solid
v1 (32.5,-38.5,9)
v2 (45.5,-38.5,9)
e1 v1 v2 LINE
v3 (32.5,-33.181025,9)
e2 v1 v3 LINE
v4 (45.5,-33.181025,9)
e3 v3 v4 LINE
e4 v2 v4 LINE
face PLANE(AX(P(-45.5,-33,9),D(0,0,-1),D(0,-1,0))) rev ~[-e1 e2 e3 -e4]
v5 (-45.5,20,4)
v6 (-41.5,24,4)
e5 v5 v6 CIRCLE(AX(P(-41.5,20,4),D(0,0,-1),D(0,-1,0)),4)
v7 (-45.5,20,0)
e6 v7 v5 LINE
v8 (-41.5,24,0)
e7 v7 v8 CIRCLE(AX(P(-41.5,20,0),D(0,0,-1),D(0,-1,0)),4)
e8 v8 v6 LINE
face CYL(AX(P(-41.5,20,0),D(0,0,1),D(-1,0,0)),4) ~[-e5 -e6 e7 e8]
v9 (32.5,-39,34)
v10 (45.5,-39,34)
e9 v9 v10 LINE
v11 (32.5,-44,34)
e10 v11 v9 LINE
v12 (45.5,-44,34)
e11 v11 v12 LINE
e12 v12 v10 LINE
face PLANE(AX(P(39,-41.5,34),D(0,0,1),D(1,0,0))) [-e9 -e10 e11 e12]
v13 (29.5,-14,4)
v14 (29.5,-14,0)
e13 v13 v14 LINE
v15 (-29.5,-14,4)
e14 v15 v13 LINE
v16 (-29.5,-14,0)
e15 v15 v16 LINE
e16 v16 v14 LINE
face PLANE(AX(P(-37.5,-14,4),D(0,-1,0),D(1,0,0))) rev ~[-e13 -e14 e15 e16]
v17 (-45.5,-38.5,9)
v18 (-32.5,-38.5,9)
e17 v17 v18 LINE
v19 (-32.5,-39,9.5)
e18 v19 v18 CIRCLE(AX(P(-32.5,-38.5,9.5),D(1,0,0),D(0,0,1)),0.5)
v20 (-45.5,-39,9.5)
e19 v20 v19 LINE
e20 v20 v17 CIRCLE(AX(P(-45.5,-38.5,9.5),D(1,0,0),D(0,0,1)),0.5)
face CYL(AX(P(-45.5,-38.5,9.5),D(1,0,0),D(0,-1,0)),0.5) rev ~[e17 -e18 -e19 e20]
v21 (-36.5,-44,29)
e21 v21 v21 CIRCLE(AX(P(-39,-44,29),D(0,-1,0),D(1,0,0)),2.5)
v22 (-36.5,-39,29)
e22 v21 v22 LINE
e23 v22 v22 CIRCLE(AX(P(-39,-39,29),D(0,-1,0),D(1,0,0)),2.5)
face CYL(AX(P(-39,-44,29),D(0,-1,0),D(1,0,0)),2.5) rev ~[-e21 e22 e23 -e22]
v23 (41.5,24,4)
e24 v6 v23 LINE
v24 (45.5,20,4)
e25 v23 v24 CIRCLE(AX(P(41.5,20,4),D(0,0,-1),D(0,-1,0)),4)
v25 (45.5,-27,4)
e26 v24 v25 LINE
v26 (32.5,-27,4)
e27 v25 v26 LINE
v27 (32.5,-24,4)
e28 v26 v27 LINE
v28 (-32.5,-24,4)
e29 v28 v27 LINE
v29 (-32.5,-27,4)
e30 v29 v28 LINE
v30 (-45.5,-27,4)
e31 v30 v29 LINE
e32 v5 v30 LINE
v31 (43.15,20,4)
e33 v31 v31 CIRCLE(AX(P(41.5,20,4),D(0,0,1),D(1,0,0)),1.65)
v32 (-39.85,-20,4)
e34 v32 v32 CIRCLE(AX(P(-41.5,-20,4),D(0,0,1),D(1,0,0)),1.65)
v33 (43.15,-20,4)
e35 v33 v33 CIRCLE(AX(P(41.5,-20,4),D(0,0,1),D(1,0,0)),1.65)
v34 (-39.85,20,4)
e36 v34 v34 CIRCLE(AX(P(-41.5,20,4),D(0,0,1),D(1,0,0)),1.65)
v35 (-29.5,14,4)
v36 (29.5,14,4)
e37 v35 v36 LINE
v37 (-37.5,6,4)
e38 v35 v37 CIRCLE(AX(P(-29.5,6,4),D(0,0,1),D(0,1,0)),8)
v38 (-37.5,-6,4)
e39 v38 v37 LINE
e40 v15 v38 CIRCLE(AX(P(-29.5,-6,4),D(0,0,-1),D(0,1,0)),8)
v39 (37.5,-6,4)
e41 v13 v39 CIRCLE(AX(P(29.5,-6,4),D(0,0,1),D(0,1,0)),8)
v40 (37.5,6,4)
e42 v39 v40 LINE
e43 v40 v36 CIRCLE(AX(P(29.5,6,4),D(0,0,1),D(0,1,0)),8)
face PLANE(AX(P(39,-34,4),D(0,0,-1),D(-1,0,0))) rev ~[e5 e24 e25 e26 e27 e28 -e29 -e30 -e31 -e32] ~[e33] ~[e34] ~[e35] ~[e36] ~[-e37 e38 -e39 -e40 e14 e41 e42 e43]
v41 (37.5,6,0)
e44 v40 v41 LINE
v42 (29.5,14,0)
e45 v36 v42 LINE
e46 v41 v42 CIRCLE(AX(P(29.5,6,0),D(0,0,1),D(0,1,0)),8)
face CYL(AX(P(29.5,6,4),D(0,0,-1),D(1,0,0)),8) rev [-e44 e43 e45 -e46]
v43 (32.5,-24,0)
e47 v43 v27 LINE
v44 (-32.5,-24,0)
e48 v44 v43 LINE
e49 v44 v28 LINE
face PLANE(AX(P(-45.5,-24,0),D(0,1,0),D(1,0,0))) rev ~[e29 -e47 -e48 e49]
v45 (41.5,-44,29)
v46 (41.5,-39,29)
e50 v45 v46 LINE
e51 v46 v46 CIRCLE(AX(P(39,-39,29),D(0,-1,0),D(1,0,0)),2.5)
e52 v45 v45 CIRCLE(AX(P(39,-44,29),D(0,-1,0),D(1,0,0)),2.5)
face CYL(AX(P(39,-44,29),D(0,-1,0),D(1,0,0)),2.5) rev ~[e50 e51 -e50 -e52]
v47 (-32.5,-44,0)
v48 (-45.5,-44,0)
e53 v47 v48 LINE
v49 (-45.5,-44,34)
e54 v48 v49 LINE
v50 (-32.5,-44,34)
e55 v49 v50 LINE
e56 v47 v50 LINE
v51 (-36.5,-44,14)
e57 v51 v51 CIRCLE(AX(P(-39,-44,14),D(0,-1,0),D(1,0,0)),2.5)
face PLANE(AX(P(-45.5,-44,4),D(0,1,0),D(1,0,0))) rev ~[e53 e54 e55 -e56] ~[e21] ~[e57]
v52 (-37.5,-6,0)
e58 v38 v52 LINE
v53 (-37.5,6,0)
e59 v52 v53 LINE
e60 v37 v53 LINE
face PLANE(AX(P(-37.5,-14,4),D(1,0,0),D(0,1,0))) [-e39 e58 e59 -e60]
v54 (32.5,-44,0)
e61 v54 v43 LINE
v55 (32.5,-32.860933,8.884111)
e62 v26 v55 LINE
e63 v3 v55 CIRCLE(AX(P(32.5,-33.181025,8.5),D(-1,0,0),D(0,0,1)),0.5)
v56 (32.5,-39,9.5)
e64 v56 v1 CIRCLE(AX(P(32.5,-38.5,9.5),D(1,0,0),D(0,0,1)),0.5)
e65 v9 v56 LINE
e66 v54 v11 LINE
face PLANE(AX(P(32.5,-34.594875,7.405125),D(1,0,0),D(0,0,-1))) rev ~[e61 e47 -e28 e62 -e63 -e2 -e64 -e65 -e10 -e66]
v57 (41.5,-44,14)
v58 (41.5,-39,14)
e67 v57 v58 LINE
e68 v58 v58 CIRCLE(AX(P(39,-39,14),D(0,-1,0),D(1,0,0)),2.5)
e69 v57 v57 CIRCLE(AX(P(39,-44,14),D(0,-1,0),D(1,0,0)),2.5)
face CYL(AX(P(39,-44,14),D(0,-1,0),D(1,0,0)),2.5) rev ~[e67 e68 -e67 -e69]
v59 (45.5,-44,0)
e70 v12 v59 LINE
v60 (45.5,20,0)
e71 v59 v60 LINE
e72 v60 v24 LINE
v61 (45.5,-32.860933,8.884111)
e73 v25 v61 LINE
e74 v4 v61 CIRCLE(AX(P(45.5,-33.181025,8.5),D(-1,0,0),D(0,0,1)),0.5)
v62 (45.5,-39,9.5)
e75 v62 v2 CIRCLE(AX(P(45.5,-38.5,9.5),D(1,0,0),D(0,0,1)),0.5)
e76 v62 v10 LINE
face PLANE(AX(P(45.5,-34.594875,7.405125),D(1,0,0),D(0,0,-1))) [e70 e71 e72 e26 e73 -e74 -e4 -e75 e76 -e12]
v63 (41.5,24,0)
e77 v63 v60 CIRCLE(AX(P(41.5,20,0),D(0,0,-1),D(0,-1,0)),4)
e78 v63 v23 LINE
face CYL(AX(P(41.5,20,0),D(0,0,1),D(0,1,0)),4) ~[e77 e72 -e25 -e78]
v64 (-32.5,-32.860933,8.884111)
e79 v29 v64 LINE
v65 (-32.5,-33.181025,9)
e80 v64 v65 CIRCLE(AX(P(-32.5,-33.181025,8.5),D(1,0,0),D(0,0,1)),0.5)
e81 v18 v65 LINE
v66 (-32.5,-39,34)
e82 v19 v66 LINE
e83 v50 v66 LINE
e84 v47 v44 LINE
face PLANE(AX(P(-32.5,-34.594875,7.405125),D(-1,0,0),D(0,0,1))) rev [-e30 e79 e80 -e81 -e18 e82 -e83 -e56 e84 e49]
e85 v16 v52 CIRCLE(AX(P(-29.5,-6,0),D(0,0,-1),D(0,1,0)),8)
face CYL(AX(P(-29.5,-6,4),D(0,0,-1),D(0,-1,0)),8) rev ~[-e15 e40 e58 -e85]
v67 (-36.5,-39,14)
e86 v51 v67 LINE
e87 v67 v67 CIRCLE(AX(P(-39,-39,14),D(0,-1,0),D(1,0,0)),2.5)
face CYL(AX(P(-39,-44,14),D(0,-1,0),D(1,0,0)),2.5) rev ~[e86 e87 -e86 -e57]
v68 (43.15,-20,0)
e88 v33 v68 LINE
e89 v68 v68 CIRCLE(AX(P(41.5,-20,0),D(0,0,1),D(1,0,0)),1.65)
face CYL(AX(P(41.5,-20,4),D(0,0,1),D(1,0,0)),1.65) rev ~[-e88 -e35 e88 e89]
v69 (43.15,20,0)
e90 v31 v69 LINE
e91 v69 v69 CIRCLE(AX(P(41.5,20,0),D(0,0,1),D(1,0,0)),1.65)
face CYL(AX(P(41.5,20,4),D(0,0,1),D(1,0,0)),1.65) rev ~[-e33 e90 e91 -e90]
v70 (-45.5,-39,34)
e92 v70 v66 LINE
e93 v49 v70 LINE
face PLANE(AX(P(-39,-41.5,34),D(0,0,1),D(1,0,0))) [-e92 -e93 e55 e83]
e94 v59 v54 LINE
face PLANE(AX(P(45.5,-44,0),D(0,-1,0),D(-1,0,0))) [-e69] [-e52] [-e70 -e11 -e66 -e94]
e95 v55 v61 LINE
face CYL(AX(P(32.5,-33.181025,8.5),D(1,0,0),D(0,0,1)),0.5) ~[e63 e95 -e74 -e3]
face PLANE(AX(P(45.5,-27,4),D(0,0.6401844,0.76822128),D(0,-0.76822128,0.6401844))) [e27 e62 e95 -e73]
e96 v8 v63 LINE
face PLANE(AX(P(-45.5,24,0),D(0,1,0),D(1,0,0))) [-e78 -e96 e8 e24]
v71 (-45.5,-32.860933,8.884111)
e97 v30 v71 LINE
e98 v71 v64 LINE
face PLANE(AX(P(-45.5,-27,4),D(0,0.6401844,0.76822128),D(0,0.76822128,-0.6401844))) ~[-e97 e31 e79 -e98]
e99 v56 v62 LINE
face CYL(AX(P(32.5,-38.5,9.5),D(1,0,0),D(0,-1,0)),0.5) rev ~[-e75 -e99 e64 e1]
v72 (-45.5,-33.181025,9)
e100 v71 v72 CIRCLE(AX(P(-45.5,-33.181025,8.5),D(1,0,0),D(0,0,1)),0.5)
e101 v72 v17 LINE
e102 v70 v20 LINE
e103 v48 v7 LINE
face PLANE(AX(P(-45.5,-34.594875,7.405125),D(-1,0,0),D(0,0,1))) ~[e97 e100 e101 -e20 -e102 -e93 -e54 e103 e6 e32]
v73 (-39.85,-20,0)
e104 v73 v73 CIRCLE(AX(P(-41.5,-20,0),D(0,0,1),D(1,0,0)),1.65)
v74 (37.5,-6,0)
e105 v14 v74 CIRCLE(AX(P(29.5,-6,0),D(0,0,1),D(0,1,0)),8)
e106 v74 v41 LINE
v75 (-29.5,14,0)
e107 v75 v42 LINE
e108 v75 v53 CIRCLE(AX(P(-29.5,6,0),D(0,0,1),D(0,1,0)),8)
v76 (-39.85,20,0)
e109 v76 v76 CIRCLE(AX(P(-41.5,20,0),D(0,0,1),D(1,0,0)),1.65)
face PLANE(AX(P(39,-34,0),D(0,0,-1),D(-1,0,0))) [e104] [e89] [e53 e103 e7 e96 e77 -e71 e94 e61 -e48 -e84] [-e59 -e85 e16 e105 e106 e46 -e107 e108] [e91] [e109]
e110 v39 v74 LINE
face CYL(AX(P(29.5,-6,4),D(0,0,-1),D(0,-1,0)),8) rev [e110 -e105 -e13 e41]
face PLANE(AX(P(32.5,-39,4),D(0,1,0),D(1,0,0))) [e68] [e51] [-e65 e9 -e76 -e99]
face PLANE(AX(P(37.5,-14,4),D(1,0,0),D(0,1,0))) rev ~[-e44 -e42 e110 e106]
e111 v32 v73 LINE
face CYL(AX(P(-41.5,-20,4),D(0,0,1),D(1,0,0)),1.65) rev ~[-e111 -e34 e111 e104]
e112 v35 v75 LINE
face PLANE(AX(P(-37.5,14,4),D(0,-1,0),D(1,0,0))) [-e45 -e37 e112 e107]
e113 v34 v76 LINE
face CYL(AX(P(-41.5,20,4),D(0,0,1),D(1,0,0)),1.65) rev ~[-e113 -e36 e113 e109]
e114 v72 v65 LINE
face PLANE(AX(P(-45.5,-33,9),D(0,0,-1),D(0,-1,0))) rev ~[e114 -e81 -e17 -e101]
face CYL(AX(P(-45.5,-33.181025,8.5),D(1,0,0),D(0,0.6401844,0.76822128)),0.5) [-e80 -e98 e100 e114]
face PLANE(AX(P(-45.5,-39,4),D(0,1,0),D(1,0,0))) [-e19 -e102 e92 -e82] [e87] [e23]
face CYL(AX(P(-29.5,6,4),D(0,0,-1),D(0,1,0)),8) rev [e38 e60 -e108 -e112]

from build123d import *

# Parameters (mm, degrees)
SKETCH_1_W          = 91
SKETCH_1_H          = 48
EXTRUDE_1_DEPTH     = 4
SKETCH_2_W          = 75
SKETCH_2_H          = 28
CUT_EXTRUDE_1_DEPTH = 52.596996037
FILLET_2_R          = 8
SKETCH_3_R          = 1.65
CUT_EXTRUDE_2_DEPTH = 52.596996037
SKETCH_5_W          = 13
SKETCH_5_H          = 20
EXTRUDE_2_DEPTH     = 4
SKETCH_6_W          = 13
SKETCH_6_H          = 5
EXTRUDE_3_DEPTH     = 30
EXTRUDE_4_DEPTH     = 13
SKETCH_8_R          = 2.5
CUT_EXTRUDE_3_DEPTH = 30
CUT_EXTRUDE_4_DEPTH = 107.644268482
FILLET_3_R          = 0.5
FILLET_4_R          = 4


with BuildPart() as part:
    # 草图1 → 凸台-拉伸1 (new body)
    with BuildSketch(Plane.XY):
        Rectangle(SKETCH_1_W, SKETCH_1_H)
    extrude(amount=EXTRUDE_1_DEPTH)

    # 草图2 → 切除-拉伸1 (cut, through all)
    with BuildSketch(Plane.XY.offset(4)):
        Rectangle(SKETCH_2_W, SKETCH_2_H)
    extrude(amount=-CUT_EXTRUDE_1_DEPTH, mode=Mode.SUBTRACT)

    # 圆角2
    fillet_2_edges = [part.edges().sort_by_distance(p)[0] for p in [
        (37.5, 14, 2),
        (37.5, -14, 2),
        (-37.5, -14, 2),
        (-37.5, 14, 2),
    ]]
    fillet(fillet_2_edges, radius=FILLET_2_R)

    # 草图3 → 切除-拉伸2 (cut, through all)
    with BuildSketch(Plane.XY.offset(4)):
        with Locations((-41.5, 20)):
            Circle(SKETCH_3_R)
        with Locations((-41.5, -20)):
            Circle(SKETCH_3_R)
        with Locations((41.5, 20)):
            Circle(SKETCH_3_R)
        with Locations((41.5, -20)):
            Circle(SKETCH_3_R)
    extrude(amount=-CUT_EXTRUDE_2_DEPTH, mode=Mode.SUBTRACT)

    # 草图5 → 凸台-拉伸2 (add)
    with BuildSketch(Plane(origin=(0, 0, 0), x_dir=(-1, 0, 0), z_dir=(0, 0, -1))):
        with Locations((-39, -34)):
            Rectangle(SKETCH_5_W, SKETCH_5_H)
        with Locations((39, -34)):
            Rectangle(SKETCH_5_W, SKETCH_5_H)
    extrude(amount=-EXTRUDE_2_DEPTH)

    # 草图6 → 凸台-拉伸3 (add)
    with BuildSketch(Plane.XY.offset(4)):
        with Locations((-39, -41.5)):
            Rectangle(SKETCH_6_W, SKETCH_6_H)
        with Locations((39, -41.5)):
            Rectangle(SKETCH_6_W, SKETCH_6_H)
    extrude(amount=EXTRUDE_3_DEPTH)

    # 草图7 → 凸台-拉伸4 (add)
    with BuildSketch(Plane(origin=(45.5, 0, 0), x_dir=(0, 0, -1), z_dir=(1, 0, 0))):
        Polygon((-4, -27), (-14, -39), (-4, -39), align=None)
    extrude_4 = extrude(amount=-EXTRUDE_4_DEPTH)

    # 镜向2: 凸台-拉伸4 across plane
    add(extrude_4.mirror(Plane(origin=(0, 0, 0), x_dir=(0, 0, 1), z_dir=(1, 0, 0))))

    # 草图8 → 切除-拉伸3 (cut)
    with BuildSketch(Plane.XZ.offset(44)):
        with Locations((39, 29)):
            Circle(SKETCH_8_R)
        with Locations((-39, 29)):
            Circle(SKETCH_8_R)
        with Locations((39, 14)):
            Circle(SKETCH_8_R)
        with Locations((-39, 14)):
            Circle(SKETCH_8_R)
    extrude(amount=-CUT_EXTRUDE_3_DEPTH, mode=Mode.SUBTRACT)

    # 草图9 → 切除-拉伸4 (cut, through all)
    with BuildSketch(Plane.ZY.offset(45.5)):
        Polygon((9, -33), (9, -39), (14, -39), align=None)
    extrude(amount=-CUT_EXTRUDE_4_DEPTH, mode=Mode.SUBTRACT)

    # 圆角3
    fillet_3_edges = [part.edges().sort_by_distance(p)[0] for p in [
        (39, -39, 9),
        (39, -33, 9),
        (-39, -33, 9),
        (-39, -39, 9),
    ]]
    fillet(fillet_3_edges, radius=FILLET_3_R)

    # 圆角4
    fillet_4_edges = [part.edges().sort_by_distance(p)[0] for p in [
        (-45.5, 24, 2),
        (45.5, 24, 2),
    ]]
    fillet(fillet_4_edges, radius=FILLET_4_R)


solid = part.part
